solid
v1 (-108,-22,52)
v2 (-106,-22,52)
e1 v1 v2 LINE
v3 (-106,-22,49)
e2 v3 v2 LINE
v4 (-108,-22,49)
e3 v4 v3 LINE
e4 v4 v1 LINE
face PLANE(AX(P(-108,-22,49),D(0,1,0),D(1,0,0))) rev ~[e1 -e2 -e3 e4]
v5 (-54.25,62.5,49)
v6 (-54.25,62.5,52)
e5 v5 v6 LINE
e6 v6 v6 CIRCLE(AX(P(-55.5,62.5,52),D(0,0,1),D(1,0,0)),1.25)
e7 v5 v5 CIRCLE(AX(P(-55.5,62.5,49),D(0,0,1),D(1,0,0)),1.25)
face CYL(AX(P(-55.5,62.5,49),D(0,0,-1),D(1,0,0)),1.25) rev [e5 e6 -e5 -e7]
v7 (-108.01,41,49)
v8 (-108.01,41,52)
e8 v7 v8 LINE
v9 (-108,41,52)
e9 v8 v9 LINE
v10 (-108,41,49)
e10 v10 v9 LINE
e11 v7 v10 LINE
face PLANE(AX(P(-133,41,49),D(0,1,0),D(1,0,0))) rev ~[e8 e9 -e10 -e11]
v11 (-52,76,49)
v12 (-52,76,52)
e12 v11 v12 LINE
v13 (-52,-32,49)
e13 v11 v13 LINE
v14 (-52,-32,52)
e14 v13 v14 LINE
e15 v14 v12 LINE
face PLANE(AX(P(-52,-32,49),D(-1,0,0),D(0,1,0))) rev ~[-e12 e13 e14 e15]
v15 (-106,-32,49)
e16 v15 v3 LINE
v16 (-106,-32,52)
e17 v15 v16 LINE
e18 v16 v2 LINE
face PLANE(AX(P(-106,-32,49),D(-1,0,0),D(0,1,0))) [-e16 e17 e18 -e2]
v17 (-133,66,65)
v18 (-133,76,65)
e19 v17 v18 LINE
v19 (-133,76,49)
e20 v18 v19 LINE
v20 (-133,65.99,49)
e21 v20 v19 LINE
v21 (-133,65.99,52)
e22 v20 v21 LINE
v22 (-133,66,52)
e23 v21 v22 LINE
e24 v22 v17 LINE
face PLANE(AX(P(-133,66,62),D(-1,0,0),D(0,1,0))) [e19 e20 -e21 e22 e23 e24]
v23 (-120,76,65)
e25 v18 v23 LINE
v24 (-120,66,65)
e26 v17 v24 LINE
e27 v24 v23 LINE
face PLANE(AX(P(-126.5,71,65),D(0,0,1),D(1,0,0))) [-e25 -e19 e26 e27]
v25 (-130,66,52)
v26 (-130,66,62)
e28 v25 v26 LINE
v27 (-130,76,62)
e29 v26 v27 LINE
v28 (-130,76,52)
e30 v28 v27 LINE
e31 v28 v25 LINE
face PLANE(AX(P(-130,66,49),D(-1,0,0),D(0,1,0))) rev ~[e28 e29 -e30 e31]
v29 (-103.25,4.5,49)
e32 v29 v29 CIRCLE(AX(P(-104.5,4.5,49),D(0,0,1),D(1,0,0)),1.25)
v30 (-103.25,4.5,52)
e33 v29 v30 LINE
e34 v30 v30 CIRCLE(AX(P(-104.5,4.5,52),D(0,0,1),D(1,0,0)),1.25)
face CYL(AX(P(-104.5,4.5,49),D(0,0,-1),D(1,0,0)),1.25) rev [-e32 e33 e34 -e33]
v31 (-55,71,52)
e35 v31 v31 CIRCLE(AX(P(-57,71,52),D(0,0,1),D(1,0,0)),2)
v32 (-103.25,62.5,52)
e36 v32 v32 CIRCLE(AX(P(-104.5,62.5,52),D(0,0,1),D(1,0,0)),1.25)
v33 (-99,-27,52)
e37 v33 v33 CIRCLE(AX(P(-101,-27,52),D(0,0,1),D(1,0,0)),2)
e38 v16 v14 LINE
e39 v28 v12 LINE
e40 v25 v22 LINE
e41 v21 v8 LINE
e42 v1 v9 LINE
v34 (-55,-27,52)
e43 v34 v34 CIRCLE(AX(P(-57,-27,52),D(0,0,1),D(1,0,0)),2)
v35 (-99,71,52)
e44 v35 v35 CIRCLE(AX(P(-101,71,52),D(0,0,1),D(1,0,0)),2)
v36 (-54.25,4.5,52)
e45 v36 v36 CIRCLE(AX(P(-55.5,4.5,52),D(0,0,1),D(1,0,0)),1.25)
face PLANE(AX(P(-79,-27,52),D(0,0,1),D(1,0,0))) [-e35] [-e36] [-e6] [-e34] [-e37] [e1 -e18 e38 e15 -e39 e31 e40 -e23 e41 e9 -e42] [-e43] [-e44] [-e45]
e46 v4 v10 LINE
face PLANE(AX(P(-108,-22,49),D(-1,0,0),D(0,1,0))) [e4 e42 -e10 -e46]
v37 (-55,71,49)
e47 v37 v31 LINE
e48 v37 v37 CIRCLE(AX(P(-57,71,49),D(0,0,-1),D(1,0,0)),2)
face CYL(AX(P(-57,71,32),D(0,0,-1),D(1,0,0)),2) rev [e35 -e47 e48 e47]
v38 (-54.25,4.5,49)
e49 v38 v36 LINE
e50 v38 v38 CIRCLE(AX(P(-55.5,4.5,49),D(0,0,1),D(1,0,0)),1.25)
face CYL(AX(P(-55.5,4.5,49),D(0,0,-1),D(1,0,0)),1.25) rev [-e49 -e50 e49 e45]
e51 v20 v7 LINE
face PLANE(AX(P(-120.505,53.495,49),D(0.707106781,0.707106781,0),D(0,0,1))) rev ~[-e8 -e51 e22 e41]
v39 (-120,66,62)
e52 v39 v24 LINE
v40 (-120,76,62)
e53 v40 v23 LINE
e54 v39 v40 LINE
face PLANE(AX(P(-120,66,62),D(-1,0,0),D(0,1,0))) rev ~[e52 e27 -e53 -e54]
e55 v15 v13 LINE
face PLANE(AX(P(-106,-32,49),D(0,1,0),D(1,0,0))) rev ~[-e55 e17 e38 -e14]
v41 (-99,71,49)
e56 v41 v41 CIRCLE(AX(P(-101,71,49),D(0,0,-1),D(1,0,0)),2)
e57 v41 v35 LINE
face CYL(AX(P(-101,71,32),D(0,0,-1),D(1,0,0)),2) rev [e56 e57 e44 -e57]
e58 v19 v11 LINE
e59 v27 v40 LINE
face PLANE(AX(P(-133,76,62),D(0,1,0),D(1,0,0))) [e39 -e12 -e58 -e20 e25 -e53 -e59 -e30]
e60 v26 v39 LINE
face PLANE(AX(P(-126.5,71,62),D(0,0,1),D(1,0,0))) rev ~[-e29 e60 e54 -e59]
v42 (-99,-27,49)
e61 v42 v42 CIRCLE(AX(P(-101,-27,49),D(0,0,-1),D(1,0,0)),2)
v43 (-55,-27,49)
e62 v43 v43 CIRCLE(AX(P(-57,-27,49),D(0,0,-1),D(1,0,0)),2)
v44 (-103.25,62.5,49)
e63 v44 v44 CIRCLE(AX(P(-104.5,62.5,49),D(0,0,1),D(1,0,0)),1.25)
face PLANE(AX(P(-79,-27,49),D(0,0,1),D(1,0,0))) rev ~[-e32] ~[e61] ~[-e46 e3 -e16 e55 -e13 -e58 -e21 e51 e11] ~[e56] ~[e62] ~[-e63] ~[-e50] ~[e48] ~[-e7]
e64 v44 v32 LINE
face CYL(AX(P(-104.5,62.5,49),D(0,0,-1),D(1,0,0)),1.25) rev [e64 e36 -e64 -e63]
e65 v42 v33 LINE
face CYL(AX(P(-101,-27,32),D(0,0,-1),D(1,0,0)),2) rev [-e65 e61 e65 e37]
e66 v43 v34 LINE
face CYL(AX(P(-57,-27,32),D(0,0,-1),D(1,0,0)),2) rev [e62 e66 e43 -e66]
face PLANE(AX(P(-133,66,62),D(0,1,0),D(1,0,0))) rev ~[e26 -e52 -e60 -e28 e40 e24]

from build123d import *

# Parameters (mm, degrees)
BOX419_W          = 13
BOX419_H          = 10
BOX419_DEPTH      = 3
CYLINDER197_R     = 2
CYLINDER197_DEPTH = 20
CYLINDER199_R     = 2
CYLINDER199_DEPTH = 20
CYLINDER196_R     = 2
CYLINDER196_DEPTH = 20
CYLINDER198_R     = 2
CYLINDER198_DEPTH = 20
BOX365_W          = 3
BOX365_H          = 10
BOX365_DEPTH      = 13
BOX295_W          = 81
BOX295_H          = 10
BOX295_DEPTH      = 3
BOX366_W          = 25
BOX366_H          = 25
BOX366_DEPTH      = 3
CHAMFER024_SIZE   = 24.99
BOX293_W          = 54
BOX293_H          = 10
BOX293_DEPTH      = 3
CYLINDER065_R     = 1.25
CYLINDER065_DEPTH = 3
CYLINDER066_R     = 1.25
CYLINDER066_DEPTH = 3
CYLINDER067_R     = 1.25
CYLINDER067_DEPTH = 3
CYLINDER064_R     = 1.25
CYLINDER064_DEPTH = 3
BOX260_W          = 56
BOX260_H          = 88
BOX260_DEPTH      = 3


with BuildPart() as box419:
    # Box419 → Box419 (new body)
    with BuildSketch(Plane(origin=(-133, 66, 62), x_dir=(1, 0, 0), z_dir=(0, 0, 1))):
        with Locations((6.5, 5)):
            Rectangle(BOX419_W, BOX419_H)
    extrude(amount=BOX419_DEPTH)


with BuildPart() as cylinder197:
    # Cylinder197 → Cylinder197 (new body)
    with BuildSketch(Plane(origin=(-101, 71, 32), x_dir=(1, 0, 0), z_dir=(0, 0, 1))):
        Circle(CYLINDER197_R)
    extrude(amount=CYLINDER197_DEPTH)


with BuildPart() as cylinder199:
    # Cylinder199 → Cylinder199 (new body)
    with BuildSketch(Plane(origin=(-101, -27, 32), x_dir=(1, 0, 0), z_dir=(0, 0, 1))):
        Circle(CYLINDER199_R)
    extrude(amount=CYLINDER199_DEPTH)


with BuildPart() as cylinder196:
    # Cylinder196 → Cylinder196 (new body)
    with BuildSketch(Plane(origin=(-57, -27, 32), x_dir=(1, 0, 0), z_dir=(0, 0, 1))):
        Circle(CYLINDER196_R)
    extrude(amount=CYLINDER196_DEPTH)


with BuildPart() as fusion196:
    # Cylinder198 → Cylinder198 (new body)
    with BuildSketch(Plane(origin=(-57, 71, 32), x_dir=(1, 0, 0), z_dir=(0, 0, 1))):
        Circle(CYLINDER198_R)
    extrude(amount=CYLINDER198_DEPTH)

    # Fusion196: union Cylinder197, Cylinder199, Cylinder196
    add(cylinder197.part)
    add(cylinder199.part)
    add(cylinder196.part)


with BuildPart() as box365:
    # Box365 → Box365 (new body)
    with BuildSketch(Plane(origin=(-133, 66, 49), x_dir=(1, 0, 0), z_dir=(0, 0, 1))):
        with Locations((1.5, 5)):
            Rectangle(BOX365_W, BOX365_H)
    extrude(amount=BOX365_DEPTH)


with BuildPart() as box295:
    # Box295 → Box295 (new body)
    with BuildSketch(Plane(origin=(-133, 66, 49), x_dir=(1, 0, 0), z_dir=(0, 0, 1))):
        with Locations((40.5, 5)):
            Rectangle(BOX295_W, BOX295_H)
    extrude(amount=BOX295_DEPTH)


with BuildPart() as chamfer024:
    # Box366 → Box366 (new body)
    with BuildSketch(Plane(origin=(-133, 41, 49), x_dir=(1, 0, 0), z_dir=(0, 0, 1))):
        with Locations((12.5, 12.5)):
            Rectangle(BOX366_W, BOX366_H)
    extrude(amount=BOX366_DEPTH)

    # Chamfer024
    chamfer024_edges = [chamfer024.edges().sort_by_distance(p)[0] for p in [
        (-133, 41, 50.5),
    ]]
    chamfer(chamfer024_edges, length=CHAMFER024_SIZE)


with BuildPart() as box293:
    # Box293 → Box293 (new body)
    with BuildSketch(Plane(origin=(-106, -32, 49), x_dir=(1, 0, 0), z_dir=(0, 0, 1))):
        with Locations((27, 5)):
            Rectangle(BOX293_W, BOX293_H)
    extrude(amount=BOX293_DEPTH)


with BuildPart() as cylinder065:
    # Cylinder065 → Cylinder065 (new body)
    with BuildSketch(Plane(origin=(-51.5, 62.5, 37), x_dir=(1, 0, 0), z_dir=(0, 0, 1))):
        Circle(CYLINDER065_R)
    extrude(amount=CYLINDER065_DEPTH)


with BuildPart() as cylinder066:
    # Cylinder066 → Cylinder066 (new body)
    with BuildSketch(Plane(origin=(-51.5, 4.5, 37), x_dir=(1, 0, 0), z_dir=(0, 0, 1))):
        Circle(CYLINDER066_R)
    extrude(amount=CYLINDER066_DEPTH)


with BuildPart() as cylinder067:
    # Cylinder067 → Cylinder067 (new body)
    with BuildSketch(Plane(origin=(-100.5, 4.5, 37), x_dir=(1, 0, 0), z_dir=(0, 0, 1))):
        Circle(CYLINDER067_R)
    extrude(amount=CYLINDER067_DEPTH)


with BuildPart() as fusion193:
    # Cylinder064 → Cylinder064 (new body)
    with BuildSketch(Plane(origin=(-100.5, 62.5, 37), x_dir=(1, 0, 0), z_dir=(0, 0, 1))):
        Circle(CYLINDER064_R)
    extrude(amount=CYLINDER064_DEPTH)

    # Fusion193: union Cylinder065, Cylinder066, Cylinder067
    add(cylinder065.part)
    add(cylinder066.part)
    add(cylinder067.part)


with BuildPart() as fusion262:
    # Box260 → Box260 (new body)
    with BuildSketch(Plane(origin=(-104, -22, 37), x_dir=(1, 0, 0), z_dir=(0, 0, 1))):
        with Locations((28, 44)):
            Rectangle(BOX260_W, BOX260_H)
    extrude(amount=BOX260_DEPTH)

    # Cut251: cut Fusion193
    add(fusion193.part, mode=Mode.SUBTRACT)


with BuildPart() as fusion262_1:
    # Cut251 placement: moved
    add(fusion262.part.moved(Location((-4, 0, 12))))

    # Fusion194: union Box295, Chamfer024, Box293
    add(box295.part)
    add(chamfer024.part)
    add(box293.part)

    # Fusion195: union Box365
    add(box365.part)

    # Cut252: cut Fusion196
    add(fusion196.part, mode=Mode.SUBTRACT)

    # Fusion262: union Box419
    add(box419.part)


solid = fusion262_1.part
